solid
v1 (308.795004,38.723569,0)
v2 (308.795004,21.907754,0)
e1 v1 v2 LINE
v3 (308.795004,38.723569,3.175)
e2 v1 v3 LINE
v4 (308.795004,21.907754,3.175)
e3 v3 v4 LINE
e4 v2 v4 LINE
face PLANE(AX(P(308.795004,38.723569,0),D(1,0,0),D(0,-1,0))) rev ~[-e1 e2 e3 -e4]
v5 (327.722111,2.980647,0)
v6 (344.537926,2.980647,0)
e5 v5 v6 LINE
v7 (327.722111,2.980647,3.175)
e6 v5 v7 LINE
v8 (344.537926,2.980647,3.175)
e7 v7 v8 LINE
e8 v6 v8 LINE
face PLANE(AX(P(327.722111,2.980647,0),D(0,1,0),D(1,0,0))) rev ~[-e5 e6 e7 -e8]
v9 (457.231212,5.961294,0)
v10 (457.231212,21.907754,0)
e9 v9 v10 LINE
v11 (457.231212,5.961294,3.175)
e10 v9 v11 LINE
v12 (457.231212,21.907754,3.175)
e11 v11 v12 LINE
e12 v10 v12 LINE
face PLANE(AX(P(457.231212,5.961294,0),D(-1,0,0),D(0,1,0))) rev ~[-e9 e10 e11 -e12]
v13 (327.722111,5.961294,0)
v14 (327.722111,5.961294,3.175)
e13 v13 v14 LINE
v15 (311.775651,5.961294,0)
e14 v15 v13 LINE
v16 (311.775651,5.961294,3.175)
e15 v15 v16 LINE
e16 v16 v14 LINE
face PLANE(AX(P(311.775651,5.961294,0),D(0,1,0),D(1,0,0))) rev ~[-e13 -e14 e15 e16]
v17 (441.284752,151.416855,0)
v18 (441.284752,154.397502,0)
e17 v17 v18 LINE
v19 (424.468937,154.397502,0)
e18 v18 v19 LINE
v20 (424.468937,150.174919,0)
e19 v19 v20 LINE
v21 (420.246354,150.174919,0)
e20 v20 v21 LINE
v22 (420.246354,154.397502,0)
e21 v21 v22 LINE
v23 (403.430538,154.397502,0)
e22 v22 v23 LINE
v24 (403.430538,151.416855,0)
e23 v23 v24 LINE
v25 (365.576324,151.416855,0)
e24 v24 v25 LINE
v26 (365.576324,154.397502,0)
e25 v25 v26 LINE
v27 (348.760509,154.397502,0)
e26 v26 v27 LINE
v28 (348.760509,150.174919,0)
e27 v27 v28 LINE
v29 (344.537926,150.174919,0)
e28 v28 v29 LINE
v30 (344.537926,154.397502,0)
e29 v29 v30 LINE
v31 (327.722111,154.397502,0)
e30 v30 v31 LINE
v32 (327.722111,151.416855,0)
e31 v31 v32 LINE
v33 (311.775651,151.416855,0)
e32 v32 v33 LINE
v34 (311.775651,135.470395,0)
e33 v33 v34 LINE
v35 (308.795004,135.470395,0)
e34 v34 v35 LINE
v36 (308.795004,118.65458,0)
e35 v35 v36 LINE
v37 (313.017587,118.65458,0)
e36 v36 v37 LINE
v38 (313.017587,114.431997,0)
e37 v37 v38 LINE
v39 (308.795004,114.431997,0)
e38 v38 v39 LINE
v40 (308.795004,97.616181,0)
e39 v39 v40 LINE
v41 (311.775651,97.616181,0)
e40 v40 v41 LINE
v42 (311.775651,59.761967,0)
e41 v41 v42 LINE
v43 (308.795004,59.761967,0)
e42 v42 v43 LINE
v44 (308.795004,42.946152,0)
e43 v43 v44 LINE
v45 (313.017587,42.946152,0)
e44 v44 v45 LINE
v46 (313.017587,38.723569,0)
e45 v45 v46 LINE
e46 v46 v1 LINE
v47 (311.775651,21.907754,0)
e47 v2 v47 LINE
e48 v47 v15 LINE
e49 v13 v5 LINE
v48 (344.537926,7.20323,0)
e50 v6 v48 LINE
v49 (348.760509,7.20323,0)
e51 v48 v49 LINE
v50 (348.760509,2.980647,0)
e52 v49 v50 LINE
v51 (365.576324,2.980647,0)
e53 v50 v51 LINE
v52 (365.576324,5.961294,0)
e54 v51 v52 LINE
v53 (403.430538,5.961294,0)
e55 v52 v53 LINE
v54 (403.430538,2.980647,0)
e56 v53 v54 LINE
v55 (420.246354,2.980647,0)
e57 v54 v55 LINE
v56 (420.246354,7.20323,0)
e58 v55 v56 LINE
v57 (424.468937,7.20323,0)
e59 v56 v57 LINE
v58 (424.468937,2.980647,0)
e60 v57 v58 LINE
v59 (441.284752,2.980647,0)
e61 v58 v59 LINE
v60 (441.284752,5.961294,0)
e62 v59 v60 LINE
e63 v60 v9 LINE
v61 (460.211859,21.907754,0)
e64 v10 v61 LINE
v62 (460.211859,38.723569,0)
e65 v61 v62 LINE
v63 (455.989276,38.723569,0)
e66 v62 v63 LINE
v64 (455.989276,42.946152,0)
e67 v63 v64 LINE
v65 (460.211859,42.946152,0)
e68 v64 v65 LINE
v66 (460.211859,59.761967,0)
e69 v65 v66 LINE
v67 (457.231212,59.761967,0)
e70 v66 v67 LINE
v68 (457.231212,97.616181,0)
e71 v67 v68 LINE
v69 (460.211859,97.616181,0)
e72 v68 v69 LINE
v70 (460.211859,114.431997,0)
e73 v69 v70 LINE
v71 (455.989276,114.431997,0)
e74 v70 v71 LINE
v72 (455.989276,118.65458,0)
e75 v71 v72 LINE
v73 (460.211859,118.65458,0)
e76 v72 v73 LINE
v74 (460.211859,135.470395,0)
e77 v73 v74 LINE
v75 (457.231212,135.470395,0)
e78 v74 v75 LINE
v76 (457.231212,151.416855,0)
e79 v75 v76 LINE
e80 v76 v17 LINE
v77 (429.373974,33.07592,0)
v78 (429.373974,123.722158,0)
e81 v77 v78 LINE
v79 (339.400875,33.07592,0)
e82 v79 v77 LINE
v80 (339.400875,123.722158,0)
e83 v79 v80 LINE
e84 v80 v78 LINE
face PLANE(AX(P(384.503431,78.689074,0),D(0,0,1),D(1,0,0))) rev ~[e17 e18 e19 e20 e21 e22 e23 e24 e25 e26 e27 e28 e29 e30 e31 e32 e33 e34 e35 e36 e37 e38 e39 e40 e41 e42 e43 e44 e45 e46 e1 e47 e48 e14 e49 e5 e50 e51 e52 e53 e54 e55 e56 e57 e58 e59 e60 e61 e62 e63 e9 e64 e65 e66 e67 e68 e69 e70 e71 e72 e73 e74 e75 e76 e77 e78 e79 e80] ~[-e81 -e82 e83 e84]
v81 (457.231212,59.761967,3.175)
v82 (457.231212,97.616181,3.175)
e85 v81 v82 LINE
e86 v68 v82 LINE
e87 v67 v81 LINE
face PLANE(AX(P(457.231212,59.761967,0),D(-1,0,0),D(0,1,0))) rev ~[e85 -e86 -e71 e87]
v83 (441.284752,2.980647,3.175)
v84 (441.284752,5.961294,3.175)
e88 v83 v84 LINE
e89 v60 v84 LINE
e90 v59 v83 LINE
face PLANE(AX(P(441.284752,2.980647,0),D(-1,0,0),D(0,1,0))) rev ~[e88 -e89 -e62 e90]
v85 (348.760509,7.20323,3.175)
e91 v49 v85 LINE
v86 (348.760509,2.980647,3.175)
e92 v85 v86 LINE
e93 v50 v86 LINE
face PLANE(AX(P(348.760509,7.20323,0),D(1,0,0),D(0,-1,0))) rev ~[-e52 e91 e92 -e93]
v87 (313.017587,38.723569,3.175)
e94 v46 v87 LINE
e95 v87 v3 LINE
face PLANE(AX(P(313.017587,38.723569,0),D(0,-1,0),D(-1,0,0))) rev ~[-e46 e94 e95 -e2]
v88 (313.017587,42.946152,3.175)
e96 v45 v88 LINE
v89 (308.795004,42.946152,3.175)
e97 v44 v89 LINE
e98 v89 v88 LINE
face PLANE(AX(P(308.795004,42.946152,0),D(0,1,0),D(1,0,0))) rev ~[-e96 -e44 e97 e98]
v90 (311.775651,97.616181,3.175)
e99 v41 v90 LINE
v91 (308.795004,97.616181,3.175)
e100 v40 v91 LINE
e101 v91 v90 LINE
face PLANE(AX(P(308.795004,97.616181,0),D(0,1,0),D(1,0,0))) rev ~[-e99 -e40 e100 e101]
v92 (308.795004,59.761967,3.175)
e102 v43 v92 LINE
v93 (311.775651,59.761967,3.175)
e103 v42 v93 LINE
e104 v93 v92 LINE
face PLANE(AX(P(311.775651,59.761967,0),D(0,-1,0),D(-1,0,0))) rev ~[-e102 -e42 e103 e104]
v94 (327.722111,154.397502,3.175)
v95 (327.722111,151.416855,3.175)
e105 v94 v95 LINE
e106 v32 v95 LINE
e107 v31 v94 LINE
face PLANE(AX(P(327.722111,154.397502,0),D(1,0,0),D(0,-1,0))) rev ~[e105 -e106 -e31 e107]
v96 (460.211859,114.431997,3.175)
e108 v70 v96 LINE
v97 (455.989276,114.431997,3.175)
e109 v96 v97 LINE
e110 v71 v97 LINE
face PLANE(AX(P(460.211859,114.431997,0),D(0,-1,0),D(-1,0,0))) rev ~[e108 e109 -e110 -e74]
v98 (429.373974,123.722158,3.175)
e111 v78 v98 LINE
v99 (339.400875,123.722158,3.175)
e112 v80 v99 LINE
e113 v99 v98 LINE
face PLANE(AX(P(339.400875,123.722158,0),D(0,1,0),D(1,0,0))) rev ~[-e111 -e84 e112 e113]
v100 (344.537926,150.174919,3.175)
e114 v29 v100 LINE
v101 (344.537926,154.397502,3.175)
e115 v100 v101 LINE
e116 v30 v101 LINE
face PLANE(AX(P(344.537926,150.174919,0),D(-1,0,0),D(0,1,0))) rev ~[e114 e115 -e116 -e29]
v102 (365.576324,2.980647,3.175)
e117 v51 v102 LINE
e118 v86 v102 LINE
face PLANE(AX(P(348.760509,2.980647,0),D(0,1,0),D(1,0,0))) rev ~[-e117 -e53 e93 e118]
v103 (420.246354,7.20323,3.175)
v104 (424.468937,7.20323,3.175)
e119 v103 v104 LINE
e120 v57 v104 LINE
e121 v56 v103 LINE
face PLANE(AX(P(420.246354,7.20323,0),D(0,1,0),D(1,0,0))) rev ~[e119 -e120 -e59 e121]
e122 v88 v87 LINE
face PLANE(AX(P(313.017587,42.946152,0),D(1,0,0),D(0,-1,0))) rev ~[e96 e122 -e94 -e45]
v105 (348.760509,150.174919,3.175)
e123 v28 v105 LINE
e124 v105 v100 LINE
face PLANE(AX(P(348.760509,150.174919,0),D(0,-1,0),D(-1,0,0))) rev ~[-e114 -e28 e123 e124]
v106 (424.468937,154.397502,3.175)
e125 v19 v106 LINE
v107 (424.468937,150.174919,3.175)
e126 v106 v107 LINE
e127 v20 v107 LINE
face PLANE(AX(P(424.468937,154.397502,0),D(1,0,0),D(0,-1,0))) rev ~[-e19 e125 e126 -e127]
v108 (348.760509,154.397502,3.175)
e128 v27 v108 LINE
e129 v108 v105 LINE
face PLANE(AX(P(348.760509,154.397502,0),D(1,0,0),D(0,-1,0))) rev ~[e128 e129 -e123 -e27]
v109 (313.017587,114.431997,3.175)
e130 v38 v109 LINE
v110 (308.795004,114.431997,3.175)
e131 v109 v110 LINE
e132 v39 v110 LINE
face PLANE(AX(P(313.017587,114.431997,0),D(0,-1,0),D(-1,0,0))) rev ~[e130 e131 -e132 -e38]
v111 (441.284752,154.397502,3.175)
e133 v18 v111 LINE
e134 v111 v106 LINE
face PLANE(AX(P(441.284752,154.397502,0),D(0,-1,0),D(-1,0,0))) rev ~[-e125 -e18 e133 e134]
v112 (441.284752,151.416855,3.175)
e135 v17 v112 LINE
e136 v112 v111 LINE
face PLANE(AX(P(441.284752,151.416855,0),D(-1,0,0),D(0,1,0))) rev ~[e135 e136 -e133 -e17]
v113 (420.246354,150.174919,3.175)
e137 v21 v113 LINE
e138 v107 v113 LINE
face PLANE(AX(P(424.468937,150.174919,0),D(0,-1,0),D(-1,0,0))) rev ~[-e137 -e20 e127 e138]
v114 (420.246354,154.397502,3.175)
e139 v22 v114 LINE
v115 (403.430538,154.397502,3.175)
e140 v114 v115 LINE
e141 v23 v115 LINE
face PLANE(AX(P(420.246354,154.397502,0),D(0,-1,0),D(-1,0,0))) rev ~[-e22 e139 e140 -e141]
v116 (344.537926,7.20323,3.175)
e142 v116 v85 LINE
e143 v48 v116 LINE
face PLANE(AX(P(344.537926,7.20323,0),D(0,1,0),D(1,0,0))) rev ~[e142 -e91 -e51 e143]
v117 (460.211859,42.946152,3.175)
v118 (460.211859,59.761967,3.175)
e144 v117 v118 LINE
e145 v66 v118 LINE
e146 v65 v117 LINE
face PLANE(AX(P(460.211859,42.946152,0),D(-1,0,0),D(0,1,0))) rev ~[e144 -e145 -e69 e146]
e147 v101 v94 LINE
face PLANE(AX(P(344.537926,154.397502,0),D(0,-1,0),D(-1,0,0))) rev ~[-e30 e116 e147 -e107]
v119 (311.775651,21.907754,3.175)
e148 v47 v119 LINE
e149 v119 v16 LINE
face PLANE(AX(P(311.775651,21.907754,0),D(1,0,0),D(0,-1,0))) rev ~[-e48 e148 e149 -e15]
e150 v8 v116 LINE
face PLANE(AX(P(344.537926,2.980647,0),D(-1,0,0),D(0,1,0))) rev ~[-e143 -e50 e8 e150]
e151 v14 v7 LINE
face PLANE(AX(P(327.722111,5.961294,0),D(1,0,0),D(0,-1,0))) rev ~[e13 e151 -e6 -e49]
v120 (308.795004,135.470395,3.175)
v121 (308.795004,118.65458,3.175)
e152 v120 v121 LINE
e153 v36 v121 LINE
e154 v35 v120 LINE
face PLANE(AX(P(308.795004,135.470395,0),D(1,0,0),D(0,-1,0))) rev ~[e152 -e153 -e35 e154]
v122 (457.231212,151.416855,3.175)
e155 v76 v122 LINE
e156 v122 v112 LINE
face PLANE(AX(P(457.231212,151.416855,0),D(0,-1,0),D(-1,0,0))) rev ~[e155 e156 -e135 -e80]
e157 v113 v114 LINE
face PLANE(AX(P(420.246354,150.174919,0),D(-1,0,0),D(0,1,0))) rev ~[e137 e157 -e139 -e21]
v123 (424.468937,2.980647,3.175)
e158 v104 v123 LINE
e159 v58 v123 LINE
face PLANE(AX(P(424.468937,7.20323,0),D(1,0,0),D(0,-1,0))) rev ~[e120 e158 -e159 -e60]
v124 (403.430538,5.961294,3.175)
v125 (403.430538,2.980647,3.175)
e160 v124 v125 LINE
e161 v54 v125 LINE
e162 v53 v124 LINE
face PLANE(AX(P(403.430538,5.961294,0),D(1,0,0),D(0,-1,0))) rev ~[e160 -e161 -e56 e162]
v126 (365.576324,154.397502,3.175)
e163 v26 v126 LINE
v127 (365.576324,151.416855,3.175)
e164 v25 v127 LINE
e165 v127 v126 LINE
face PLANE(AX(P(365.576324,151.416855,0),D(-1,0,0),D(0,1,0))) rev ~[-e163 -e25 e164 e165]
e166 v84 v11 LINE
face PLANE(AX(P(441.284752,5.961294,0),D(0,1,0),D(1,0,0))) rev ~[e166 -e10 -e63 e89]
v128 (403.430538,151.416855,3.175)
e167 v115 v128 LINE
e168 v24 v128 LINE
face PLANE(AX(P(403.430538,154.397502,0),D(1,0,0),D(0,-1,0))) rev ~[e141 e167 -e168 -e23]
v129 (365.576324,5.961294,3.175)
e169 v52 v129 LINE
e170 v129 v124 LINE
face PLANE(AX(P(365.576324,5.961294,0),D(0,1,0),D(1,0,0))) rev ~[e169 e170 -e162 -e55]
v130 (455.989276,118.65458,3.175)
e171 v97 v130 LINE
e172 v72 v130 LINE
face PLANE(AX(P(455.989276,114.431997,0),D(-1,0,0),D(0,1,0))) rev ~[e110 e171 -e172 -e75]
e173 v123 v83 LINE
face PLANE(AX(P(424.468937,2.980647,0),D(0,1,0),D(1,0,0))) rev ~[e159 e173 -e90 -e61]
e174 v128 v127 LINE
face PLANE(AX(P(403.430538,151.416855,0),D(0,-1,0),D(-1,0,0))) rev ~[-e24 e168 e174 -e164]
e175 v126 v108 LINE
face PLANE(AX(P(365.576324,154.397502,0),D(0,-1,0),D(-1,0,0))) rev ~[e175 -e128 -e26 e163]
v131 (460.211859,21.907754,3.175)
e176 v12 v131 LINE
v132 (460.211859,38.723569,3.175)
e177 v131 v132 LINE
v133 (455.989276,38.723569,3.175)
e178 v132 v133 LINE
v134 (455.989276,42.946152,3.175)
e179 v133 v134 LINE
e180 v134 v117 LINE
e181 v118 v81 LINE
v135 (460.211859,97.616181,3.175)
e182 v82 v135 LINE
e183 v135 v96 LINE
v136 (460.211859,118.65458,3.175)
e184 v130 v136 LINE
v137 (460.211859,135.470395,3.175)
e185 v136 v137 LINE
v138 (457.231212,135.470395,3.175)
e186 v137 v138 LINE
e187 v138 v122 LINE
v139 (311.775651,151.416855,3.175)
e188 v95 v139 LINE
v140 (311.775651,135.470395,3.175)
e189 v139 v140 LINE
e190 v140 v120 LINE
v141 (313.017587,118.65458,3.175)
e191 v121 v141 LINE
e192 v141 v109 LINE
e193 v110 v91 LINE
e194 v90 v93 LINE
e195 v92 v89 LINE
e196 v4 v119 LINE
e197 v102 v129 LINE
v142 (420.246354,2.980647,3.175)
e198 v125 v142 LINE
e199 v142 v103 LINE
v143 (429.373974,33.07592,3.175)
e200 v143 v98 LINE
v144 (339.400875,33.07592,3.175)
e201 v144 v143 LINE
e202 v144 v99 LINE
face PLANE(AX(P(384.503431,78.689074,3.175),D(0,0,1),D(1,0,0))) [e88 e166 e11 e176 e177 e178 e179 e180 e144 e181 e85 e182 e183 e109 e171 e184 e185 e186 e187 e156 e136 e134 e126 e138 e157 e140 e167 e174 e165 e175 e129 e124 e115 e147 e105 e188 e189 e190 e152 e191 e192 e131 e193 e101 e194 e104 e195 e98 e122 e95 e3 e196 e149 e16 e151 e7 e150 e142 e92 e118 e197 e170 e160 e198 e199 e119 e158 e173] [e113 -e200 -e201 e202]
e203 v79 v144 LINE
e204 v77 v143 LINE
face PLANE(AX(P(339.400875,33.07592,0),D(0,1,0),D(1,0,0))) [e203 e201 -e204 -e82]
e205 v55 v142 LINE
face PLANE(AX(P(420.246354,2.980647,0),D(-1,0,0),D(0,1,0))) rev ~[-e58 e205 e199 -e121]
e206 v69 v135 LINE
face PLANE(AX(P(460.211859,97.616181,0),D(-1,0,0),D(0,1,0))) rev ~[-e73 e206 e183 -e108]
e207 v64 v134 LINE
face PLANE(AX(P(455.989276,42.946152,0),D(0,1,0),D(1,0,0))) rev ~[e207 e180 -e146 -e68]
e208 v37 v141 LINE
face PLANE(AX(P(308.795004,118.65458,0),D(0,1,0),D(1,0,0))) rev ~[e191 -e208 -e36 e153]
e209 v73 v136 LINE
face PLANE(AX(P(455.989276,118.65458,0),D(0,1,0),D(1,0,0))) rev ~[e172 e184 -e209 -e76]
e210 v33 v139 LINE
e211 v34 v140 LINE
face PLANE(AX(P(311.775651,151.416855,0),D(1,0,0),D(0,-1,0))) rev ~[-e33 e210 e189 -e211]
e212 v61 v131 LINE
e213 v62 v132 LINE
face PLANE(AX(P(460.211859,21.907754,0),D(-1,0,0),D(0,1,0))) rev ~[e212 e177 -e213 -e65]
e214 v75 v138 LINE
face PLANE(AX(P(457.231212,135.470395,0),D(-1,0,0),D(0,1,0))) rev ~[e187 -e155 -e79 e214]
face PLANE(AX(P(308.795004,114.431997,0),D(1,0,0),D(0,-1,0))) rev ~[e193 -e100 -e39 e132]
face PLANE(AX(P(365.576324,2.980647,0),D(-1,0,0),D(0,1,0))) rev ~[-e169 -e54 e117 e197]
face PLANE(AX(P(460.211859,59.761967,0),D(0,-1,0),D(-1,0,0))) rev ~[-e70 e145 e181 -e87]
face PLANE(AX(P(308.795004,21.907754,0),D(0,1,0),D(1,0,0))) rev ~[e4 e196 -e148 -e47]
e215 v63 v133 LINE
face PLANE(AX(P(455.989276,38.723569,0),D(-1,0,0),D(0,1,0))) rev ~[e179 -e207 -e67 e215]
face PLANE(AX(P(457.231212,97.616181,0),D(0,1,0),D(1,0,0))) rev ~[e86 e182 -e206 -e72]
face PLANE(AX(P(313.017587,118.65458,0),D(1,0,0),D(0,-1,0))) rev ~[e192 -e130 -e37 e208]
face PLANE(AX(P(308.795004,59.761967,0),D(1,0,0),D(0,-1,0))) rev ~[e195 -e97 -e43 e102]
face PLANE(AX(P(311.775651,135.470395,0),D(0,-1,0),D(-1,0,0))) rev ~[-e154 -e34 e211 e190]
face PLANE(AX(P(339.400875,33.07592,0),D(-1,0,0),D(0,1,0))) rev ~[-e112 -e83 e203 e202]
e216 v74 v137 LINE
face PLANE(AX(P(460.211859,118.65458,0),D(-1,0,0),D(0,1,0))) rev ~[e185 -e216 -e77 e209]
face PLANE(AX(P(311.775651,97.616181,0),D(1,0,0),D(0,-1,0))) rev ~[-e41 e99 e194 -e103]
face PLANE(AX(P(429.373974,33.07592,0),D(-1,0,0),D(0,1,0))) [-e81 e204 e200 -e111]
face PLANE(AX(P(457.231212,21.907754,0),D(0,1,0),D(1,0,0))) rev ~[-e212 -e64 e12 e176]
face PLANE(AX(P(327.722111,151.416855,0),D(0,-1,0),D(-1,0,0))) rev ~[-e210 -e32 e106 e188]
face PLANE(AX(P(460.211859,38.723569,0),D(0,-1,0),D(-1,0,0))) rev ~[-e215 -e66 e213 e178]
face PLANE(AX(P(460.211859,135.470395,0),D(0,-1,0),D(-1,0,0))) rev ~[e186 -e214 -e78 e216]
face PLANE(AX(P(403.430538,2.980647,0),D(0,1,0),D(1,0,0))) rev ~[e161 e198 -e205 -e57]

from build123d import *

# Parameters (mm, degrees)
SKETCH1_W           = 89.973098965
SKETCH1_H           = 90.646237782
BOSS_EXTRUDE1_DEPTH = 3.175


with BuildPart() as part:
    # Sketch1 → Boss-Extrude1 (new body)
    with BuildSketch(Plane.XY):
        Polygon((311.775650515, 151.416855126), (311.775650515, 135.470394989), (308.79500376, 135.470394989), (308.79500376, 118.65457955), (313.017586662, 118.65457955), (313.017586662, 116.543288099), (313.017586662, 114.431996648), (308.79500376, 114.431996648), (308.79500376, 97.616181208), (311.775650515, 97.616181208), (311.775650515, 59.761967427), (308.79500376, 59.761967427), (308.79500376, 42.946151987), (313.017586662, 42.946151987), (313.017586662, 40.834860536), (313.017586662, 38.723569085), (308.79500376, 38.723569085), (308.79500376, 21.907753645), (311.775650515, 21.907753645), (311.775650515, 5.961293509), (327.722110651, 5.961293509), (327.722110651, 2.980646754), (344.53792609, 2.980646754), (344.53792609, 7.203229657), (346.649217542, 7.203229657), (348.760508993, 7.203229657), (348.760508993, 2.980646754), (365.576324432, 2.980646754), (365.576324432, 5.961293509), (403.430538214, 5.961293509), (403.430538214, 2.980646754), (420.246353653, 2.980646754), (420.246353653, 7.203229657), (422.357645104, 7.203229657), (424.468936555, 7.203229657), (424.468936555, 2.980646754), (441.284751995, 2.980646754), (441.284751995, 5.961293509), (457.231212131, 5.961293509), (457.231212131, 21.907753645), (460.211858886, 21.907753645), (460.211858886, 38.723569085), (455.989275984, 38.723569085), (455.989275984, 40.834860536), (455.989275984, 42.946151987), (460.211858886, 42.946151987), (460.211858886, 59.761967427), (457.231212131, 59.761967427), (457.231212131, 97.616181208), (460.211858886, 97.616181208), (460.211858886, 114.431996648), (455.989275984, 114.431996648), (455.989275984, 116.543288099), (455.989275984, 118.65457955), (460.211858886, 118.65457955), (460.211858886, 135.470394989), (457.231212131, 135.470394989), (457.231212131, 151.416855126), (441.284751995, 151.416855126), (441.284751995, 154.39750188), (424.468936555, 154.39750188), (424.468936555, 150.174918978), (422.357645104, 150.174918978), (420.246353653, 150.174918978), (420.246353653, 154.39750188), (403.430538214, 154.39750188), (403.430538214, 151.416855126), (365.576324432, 151.416855126), (365.576324432, 154.39750188), (348.760508993, 154.39750188), (348.760508993, 150.174918978), (346.649217542, 150.174918978), (344.53792609, 150.174918978), (344.53792609, 154.39750188), (327.722110651, 154.39750188), (327.722110651, 151.416855126), align=None)
        with Locations((384.387424227, 78.399039157)):
            Rectangle(SKETCH1_W, SKETCH1_H, mode=Mode.SUBTRACT)
    extrude(amount=BOSS_EXTRUDE1_DEPTH)


solid = part.part
